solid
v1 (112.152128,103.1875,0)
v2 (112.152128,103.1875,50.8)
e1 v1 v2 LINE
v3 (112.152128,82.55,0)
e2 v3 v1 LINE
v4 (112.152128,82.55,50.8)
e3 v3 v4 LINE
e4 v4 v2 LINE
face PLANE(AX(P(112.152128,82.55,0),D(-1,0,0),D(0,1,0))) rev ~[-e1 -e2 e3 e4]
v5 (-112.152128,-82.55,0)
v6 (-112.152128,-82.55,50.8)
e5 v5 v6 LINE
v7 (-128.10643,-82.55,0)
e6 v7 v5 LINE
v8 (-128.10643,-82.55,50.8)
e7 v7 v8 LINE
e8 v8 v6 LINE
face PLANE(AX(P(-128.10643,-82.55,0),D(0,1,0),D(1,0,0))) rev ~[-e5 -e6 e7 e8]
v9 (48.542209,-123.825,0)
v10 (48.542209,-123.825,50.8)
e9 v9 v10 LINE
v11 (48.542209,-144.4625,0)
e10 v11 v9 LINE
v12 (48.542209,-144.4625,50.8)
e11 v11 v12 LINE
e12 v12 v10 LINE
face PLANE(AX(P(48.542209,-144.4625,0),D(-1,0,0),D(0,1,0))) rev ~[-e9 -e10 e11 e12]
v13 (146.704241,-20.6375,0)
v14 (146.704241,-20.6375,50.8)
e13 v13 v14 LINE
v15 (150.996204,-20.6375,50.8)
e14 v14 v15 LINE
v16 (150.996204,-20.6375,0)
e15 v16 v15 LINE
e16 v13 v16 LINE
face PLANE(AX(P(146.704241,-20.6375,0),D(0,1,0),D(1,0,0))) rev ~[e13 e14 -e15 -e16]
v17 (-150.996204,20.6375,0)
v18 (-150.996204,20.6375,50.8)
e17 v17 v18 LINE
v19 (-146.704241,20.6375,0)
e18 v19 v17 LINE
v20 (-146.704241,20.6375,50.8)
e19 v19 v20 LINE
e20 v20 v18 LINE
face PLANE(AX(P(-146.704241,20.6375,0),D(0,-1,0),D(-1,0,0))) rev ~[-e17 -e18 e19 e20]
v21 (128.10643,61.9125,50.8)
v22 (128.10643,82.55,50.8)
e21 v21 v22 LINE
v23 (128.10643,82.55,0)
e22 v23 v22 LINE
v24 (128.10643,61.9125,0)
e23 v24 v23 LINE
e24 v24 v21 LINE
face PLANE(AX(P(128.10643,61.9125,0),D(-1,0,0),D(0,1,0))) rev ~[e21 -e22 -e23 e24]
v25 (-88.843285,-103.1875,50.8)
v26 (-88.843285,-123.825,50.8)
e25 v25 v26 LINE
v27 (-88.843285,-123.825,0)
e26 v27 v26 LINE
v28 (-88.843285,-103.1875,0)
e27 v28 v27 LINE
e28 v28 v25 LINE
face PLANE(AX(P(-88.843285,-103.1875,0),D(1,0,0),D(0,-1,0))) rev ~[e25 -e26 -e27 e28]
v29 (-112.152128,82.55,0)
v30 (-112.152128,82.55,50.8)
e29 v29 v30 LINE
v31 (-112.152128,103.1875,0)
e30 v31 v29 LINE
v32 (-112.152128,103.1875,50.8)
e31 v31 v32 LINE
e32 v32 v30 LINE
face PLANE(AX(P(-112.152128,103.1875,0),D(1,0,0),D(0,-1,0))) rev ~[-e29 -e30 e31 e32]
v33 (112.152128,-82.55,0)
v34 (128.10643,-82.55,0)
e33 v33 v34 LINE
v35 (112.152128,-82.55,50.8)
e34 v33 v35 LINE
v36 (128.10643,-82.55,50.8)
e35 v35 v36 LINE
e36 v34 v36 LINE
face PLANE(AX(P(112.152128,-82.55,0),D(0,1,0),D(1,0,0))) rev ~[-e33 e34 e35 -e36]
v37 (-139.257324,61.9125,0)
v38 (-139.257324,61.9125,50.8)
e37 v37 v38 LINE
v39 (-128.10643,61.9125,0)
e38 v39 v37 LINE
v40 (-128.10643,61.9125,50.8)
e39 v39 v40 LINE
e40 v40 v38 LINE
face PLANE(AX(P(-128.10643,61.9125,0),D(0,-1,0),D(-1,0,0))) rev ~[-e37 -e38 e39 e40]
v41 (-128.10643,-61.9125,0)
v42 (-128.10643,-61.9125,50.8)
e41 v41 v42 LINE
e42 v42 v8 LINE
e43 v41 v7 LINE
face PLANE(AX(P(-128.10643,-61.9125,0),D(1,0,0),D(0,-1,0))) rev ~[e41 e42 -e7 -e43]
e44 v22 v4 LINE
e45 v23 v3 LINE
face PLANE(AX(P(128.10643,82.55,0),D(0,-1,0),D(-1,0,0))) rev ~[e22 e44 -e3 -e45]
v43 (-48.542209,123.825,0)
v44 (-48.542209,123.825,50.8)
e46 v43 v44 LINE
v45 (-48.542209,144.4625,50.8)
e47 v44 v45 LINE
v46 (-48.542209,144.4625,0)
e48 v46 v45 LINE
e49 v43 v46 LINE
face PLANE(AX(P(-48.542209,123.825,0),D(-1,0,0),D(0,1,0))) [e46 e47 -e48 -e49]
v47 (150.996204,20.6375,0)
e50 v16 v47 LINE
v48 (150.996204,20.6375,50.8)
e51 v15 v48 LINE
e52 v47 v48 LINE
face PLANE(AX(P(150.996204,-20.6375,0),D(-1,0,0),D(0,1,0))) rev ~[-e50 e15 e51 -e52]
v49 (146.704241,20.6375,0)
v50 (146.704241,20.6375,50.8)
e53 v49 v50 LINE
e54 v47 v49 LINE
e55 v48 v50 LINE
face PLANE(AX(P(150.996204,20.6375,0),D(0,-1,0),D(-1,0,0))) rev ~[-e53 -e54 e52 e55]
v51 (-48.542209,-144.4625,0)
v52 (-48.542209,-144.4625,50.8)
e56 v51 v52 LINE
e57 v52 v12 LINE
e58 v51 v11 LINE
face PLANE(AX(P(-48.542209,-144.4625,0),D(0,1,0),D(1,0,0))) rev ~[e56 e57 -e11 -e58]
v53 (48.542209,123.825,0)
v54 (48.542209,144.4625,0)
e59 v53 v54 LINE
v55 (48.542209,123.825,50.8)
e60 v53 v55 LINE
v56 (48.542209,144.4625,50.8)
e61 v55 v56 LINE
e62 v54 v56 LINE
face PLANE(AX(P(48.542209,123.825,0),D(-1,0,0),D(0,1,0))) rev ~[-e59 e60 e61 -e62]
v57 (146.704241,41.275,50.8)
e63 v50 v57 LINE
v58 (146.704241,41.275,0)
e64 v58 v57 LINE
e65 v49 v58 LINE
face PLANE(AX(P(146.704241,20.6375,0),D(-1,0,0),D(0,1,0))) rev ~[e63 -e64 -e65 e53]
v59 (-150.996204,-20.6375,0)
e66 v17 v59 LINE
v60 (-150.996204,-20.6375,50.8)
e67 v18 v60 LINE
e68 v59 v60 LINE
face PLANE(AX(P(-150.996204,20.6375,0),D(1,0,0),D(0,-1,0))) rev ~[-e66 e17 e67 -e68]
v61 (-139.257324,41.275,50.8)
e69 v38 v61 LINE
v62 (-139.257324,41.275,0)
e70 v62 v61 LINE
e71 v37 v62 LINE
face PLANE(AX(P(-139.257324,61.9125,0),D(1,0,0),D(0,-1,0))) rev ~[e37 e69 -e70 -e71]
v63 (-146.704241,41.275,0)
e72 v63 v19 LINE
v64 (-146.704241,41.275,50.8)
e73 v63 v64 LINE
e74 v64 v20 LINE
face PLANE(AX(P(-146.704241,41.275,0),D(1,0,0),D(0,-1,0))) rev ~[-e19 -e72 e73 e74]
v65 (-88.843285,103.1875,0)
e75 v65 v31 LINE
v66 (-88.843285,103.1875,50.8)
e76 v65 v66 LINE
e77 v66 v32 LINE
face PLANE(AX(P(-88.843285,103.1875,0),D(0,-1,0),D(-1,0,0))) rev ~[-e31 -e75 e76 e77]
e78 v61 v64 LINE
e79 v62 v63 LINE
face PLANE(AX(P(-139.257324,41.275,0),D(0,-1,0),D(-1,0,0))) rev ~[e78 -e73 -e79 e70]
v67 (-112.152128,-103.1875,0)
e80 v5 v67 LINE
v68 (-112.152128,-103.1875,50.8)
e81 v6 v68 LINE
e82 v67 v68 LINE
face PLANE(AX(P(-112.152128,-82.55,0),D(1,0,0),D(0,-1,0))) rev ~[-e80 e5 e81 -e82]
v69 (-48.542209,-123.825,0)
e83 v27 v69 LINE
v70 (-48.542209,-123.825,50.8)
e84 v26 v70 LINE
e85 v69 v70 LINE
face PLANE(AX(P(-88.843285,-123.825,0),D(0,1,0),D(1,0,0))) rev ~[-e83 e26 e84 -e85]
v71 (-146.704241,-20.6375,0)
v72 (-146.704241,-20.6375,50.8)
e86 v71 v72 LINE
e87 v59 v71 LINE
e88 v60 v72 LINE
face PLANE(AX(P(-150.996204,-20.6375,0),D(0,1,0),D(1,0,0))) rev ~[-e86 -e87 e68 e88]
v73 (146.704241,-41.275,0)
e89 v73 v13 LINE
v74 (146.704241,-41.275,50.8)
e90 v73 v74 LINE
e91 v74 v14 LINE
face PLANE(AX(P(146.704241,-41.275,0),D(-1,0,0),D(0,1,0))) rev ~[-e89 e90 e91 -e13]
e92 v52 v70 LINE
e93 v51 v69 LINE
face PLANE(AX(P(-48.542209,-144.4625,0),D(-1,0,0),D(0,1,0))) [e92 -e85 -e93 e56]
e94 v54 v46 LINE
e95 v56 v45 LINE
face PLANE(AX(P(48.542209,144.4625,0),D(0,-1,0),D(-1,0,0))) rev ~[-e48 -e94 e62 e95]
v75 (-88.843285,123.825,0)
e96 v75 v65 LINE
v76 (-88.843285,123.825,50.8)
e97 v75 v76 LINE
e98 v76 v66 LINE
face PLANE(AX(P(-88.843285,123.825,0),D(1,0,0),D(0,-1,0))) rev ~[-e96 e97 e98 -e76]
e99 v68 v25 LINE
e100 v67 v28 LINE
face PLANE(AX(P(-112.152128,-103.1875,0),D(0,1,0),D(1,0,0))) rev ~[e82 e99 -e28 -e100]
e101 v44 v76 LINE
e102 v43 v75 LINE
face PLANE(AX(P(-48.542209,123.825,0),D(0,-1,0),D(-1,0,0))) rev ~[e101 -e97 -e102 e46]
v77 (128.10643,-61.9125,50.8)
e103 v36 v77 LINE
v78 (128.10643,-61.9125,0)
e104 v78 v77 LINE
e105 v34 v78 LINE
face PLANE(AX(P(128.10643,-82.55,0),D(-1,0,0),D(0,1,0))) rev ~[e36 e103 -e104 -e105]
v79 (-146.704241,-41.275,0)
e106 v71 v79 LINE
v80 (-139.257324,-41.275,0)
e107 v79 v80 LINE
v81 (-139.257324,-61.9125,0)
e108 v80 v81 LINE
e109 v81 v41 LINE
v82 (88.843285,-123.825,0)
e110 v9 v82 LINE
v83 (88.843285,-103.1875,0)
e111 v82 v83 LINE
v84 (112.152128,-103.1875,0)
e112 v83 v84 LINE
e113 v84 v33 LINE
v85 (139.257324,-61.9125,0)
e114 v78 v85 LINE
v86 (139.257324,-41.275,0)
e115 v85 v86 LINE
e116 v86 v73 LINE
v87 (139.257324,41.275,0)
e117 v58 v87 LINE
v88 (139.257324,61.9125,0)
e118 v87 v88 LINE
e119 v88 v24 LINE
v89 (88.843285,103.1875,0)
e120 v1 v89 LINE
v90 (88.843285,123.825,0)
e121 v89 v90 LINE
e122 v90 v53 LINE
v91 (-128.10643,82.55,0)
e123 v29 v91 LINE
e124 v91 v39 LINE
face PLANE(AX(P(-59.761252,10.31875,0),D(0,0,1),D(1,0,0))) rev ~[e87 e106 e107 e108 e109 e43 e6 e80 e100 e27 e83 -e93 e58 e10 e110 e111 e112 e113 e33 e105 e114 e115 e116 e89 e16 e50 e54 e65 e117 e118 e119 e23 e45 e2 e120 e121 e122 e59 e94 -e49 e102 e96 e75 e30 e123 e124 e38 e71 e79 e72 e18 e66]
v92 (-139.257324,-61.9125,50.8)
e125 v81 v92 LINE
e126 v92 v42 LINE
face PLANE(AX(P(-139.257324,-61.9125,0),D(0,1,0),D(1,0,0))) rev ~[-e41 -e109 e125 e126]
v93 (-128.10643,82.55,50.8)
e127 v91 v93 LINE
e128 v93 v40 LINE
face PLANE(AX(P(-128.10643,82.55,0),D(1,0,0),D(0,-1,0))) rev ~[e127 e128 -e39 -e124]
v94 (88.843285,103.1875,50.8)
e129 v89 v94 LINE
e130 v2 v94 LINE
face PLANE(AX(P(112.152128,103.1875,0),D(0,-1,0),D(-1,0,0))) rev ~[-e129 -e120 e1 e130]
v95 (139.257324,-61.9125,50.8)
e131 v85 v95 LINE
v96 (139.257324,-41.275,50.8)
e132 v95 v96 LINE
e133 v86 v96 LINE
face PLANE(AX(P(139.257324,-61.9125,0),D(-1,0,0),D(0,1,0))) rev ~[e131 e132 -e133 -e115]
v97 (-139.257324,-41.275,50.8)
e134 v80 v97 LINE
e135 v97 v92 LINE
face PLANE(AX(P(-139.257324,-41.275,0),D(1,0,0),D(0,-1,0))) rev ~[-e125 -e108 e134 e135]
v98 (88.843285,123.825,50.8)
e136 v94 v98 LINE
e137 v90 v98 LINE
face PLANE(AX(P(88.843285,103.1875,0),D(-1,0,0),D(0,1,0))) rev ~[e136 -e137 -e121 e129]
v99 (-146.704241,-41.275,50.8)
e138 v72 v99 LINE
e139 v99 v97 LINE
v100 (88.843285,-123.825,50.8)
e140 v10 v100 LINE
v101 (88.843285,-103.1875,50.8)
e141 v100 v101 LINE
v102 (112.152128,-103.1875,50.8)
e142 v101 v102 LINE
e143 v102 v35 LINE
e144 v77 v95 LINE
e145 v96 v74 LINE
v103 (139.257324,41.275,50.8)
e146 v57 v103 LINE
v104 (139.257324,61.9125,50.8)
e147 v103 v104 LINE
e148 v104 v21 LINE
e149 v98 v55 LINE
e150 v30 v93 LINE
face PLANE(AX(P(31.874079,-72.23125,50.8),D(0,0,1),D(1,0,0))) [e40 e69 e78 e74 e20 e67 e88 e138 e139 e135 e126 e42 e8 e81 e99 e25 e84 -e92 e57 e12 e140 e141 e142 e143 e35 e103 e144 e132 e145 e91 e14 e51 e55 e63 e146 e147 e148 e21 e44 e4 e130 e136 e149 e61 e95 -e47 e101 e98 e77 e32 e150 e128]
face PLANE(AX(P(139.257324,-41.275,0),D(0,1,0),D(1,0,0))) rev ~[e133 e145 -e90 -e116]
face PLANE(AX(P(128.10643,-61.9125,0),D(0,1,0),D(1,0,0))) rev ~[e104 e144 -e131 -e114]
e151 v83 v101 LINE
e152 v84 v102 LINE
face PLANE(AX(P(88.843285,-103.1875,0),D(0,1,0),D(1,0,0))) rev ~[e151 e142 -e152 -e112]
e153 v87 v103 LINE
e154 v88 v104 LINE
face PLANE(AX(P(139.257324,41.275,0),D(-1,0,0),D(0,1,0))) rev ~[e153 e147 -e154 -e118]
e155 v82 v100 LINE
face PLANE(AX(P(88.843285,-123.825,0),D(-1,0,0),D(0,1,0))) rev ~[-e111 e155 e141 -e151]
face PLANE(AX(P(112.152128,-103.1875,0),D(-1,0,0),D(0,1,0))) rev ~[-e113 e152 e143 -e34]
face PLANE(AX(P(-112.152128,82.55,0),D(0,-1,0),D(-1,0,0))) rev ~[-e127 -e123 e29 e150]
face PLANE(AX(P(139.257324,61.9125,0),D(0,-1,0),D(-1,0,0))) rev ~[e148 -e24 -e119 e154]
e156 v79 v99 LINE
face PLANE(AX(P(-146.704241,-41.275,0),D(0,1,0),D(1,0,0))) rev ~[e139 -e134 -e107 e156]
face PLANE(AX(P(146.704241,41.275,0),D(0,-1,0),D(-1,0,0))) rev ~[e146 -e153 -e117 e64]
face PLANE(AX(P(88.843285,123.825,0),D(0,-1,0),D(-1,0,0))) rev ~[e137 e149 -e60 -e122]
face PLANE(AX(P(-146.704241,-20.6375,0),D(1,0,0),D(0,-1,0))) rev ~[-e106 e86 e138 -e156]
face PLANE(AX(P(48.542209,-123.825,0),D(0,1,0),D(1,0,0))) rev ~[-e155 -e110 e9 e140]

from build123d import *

# Parameters (mm, degrees)
F0_W     = 13.951736
F0_H     = 20.6375
F0_W_2   = 83.132682
F1_DEPTH = 50.8
F2_W     = 129.48776
F2_H     = 20.6375
F3_DEPTH = 50.8


with BuildPart() as f1:
    # F0 (on Top) → F1 (new body)
    with BuildSketch(Plane.XY):
        Polygon((-150.996204, 0), (-31.4737, 0), (31.4737, 0), (31.4737, 20.6375), (-22.181449, 20.6375), (-146.704241, 20.6375), (-150.996204, 20.6375), align=None)
        Polygon((31.4737, 0), (-31.4737, 0), (-31.4737, -20.6375), (22.181449, -20.6375), (146.704241, -20.6375), (150.996204, -20.6375), (150.996204, 0), align=None)
        Polygon((-31.4737, -20.6375), (-31.4737, 0), (-150.996204, 0), (-150.996204, -20.6375), (-146.704241, -20.6375), align=None)
        Polygon((31.4737, 20.6375), (31.4737, 0), (150.996204, 0), (150.996204, 20.6375), (146.704241, 20.6375), align=None)
        Polygon((22.181449, -20.6375), (-31.4737, -20.6375), (-146.704241, -20.6375), (-146.704241, -41.275), (-139.257324, -41.275), (-70.105411, -41.275), (22.181449, -41.275), align=None)
        Polygon((-22.181449, 20.6375), (31.4737, 20.6375), (146.704241, 20.6375), (146.704241, 41.275), (139.257324, 41.275), (70.105411, 41.275), (-22.181449, 41.275), align=None)
        Polygon((146.704241, -20.6375), (22.181449, -20.6375), (22.181449, -41.275), (139.257324, -41.275), (146.704241, -41.275), align=None)
        Polygon((-146.704241, 20.6375), (-22.181449, 20.6375), (-22.181449, 41.275), (-139.257324, 41.275), (-146.704241, 41.275), align=None)
        Polygon((139.257324, -41.275), (22.181449, -41.275), (-70.105411, -41.275), (-70.105411, -61.9125), (-32.869801, -61.9125), (96.617959, -61.9125), (128.10643, -61.9125), (139.257324, -61.9125), align=None)
        Polygon((-139.257324, 41.275), (-22.181449, 41.275), (70.105411, 41.275), (70.105411, 61.9125), (32.869801, 61.9125), (-96.617959, 61.9125), (-128.10643, 61.9125), (-139.257324, 61.9125), align=None)
        Polygon((-70.105411, -61.9125), (-70.105411, -41.275), (-139.257324, -41.275), (-139.257324, -61.9125), (-128.10643, -61.9125), align=None)
        Polygon((70.105411, 41.275), (139.257324, 41.275), (139.257324, 61.9125), (128.10643, 61.9125), (70.105411, 61.9125), align=None)
        Polygon((-32.869801, -61.9125), (-70.105411, -61.9125), (-128.10643, -61.9125), (-128.10643, -82.55), (-112.152128, -82.55), (-32.869801, -82.55), align=None)
        Polygon((32.869801, 61.9125), (70.105411, 61.9125), (128.10643, 61.9125), (128.10643, 82.55), (112.152128, 82.55), (32.869801, 82.55), align=None)
        Polygon((128.10643, -82.55), (128.10643, -61.9125), (96.617959, -61.9125), (96.617959, -82.55), (112.152128, -82.55), align=None)
        Polygon((-128.10643, 82.55), (-128.10643, 61.9125), (-96.617959, 61.9125), (-96.617959, 82.55), (-112.152128, 82.55), align=None)
        Polygon((55.90756, -82.55), (-32.869801, -82.55), (-112.152128, -82.55), (-112.152128, -103.1875), (-88.843285, -103.1875), (55.90756, -103.1875), align=None)
        Polygon((-55.90756, 82.55), (32.869801, 82.55), (112.152128, 82.55), (112.152128, 103.1875), (88.843285, 103.1875), (-55.90756, 103.1875), align=None)
        Polygon((112.152128, -82.55), (96.617959, -82.55), (55.90756, -82.55), (55.90756, -103.1875), (88.843285, -103.1875), (112.152128, -103.1875), align=None)
        Polygon((-112.152128, 82.55), (-96.617959, 82.55), (-55.90756, 82.55), (-55.90756, 103.1875), (-88.843285, 103.1875), (-112.152128, 103.1875), align=None)
        Polygon((88.843285, -103.1875), (55.90756, -103.1875), (-88.843285, -103.1875), (-88.843285, -123.825), (-48.542209, -123.825), (34.590473, -123.825), (48.542209, -123.825), (88.843285, -123.825), align=None)
        Polygon((-88.843285, 103.1875), (-55.90756, 103.1875), (88.843285, 103.1875), (88.843285, 123.825), (48.542209, 123.825), (-34.590473, 123.825), (-48.542209, 123.825), (-88.843285, 123.825), align=None)
        with Locations((41.566341, -134.14375)):
            Rectangle(F0_W, F0_H)
        with Locations((-6.975868, -134.14375)):
            Rectangle(F0_W_2, F0_H)
        with Locations((6.975868, 134.14375)):
            Rectangle(F0_W_2, F0_H)
        with Locations((-41.566341, 134.14375)):
            Rectangle(F0_W, F0_H)
    extrude(amount=F1_DEPTH)

    # F2 (on face) → F3 (join)
    with BuildSketch(Plane.XY.offset(50.8)):
        with Locations((31.874079, -72.23125)):
            Rectangle(F2_W, F2_H)
        with Locations((-31.874079, 72.23125)):
            Rectangle(F2_W, F2_H)
    extrude(amount=-F3_DEPTH)


solid = f1.part
